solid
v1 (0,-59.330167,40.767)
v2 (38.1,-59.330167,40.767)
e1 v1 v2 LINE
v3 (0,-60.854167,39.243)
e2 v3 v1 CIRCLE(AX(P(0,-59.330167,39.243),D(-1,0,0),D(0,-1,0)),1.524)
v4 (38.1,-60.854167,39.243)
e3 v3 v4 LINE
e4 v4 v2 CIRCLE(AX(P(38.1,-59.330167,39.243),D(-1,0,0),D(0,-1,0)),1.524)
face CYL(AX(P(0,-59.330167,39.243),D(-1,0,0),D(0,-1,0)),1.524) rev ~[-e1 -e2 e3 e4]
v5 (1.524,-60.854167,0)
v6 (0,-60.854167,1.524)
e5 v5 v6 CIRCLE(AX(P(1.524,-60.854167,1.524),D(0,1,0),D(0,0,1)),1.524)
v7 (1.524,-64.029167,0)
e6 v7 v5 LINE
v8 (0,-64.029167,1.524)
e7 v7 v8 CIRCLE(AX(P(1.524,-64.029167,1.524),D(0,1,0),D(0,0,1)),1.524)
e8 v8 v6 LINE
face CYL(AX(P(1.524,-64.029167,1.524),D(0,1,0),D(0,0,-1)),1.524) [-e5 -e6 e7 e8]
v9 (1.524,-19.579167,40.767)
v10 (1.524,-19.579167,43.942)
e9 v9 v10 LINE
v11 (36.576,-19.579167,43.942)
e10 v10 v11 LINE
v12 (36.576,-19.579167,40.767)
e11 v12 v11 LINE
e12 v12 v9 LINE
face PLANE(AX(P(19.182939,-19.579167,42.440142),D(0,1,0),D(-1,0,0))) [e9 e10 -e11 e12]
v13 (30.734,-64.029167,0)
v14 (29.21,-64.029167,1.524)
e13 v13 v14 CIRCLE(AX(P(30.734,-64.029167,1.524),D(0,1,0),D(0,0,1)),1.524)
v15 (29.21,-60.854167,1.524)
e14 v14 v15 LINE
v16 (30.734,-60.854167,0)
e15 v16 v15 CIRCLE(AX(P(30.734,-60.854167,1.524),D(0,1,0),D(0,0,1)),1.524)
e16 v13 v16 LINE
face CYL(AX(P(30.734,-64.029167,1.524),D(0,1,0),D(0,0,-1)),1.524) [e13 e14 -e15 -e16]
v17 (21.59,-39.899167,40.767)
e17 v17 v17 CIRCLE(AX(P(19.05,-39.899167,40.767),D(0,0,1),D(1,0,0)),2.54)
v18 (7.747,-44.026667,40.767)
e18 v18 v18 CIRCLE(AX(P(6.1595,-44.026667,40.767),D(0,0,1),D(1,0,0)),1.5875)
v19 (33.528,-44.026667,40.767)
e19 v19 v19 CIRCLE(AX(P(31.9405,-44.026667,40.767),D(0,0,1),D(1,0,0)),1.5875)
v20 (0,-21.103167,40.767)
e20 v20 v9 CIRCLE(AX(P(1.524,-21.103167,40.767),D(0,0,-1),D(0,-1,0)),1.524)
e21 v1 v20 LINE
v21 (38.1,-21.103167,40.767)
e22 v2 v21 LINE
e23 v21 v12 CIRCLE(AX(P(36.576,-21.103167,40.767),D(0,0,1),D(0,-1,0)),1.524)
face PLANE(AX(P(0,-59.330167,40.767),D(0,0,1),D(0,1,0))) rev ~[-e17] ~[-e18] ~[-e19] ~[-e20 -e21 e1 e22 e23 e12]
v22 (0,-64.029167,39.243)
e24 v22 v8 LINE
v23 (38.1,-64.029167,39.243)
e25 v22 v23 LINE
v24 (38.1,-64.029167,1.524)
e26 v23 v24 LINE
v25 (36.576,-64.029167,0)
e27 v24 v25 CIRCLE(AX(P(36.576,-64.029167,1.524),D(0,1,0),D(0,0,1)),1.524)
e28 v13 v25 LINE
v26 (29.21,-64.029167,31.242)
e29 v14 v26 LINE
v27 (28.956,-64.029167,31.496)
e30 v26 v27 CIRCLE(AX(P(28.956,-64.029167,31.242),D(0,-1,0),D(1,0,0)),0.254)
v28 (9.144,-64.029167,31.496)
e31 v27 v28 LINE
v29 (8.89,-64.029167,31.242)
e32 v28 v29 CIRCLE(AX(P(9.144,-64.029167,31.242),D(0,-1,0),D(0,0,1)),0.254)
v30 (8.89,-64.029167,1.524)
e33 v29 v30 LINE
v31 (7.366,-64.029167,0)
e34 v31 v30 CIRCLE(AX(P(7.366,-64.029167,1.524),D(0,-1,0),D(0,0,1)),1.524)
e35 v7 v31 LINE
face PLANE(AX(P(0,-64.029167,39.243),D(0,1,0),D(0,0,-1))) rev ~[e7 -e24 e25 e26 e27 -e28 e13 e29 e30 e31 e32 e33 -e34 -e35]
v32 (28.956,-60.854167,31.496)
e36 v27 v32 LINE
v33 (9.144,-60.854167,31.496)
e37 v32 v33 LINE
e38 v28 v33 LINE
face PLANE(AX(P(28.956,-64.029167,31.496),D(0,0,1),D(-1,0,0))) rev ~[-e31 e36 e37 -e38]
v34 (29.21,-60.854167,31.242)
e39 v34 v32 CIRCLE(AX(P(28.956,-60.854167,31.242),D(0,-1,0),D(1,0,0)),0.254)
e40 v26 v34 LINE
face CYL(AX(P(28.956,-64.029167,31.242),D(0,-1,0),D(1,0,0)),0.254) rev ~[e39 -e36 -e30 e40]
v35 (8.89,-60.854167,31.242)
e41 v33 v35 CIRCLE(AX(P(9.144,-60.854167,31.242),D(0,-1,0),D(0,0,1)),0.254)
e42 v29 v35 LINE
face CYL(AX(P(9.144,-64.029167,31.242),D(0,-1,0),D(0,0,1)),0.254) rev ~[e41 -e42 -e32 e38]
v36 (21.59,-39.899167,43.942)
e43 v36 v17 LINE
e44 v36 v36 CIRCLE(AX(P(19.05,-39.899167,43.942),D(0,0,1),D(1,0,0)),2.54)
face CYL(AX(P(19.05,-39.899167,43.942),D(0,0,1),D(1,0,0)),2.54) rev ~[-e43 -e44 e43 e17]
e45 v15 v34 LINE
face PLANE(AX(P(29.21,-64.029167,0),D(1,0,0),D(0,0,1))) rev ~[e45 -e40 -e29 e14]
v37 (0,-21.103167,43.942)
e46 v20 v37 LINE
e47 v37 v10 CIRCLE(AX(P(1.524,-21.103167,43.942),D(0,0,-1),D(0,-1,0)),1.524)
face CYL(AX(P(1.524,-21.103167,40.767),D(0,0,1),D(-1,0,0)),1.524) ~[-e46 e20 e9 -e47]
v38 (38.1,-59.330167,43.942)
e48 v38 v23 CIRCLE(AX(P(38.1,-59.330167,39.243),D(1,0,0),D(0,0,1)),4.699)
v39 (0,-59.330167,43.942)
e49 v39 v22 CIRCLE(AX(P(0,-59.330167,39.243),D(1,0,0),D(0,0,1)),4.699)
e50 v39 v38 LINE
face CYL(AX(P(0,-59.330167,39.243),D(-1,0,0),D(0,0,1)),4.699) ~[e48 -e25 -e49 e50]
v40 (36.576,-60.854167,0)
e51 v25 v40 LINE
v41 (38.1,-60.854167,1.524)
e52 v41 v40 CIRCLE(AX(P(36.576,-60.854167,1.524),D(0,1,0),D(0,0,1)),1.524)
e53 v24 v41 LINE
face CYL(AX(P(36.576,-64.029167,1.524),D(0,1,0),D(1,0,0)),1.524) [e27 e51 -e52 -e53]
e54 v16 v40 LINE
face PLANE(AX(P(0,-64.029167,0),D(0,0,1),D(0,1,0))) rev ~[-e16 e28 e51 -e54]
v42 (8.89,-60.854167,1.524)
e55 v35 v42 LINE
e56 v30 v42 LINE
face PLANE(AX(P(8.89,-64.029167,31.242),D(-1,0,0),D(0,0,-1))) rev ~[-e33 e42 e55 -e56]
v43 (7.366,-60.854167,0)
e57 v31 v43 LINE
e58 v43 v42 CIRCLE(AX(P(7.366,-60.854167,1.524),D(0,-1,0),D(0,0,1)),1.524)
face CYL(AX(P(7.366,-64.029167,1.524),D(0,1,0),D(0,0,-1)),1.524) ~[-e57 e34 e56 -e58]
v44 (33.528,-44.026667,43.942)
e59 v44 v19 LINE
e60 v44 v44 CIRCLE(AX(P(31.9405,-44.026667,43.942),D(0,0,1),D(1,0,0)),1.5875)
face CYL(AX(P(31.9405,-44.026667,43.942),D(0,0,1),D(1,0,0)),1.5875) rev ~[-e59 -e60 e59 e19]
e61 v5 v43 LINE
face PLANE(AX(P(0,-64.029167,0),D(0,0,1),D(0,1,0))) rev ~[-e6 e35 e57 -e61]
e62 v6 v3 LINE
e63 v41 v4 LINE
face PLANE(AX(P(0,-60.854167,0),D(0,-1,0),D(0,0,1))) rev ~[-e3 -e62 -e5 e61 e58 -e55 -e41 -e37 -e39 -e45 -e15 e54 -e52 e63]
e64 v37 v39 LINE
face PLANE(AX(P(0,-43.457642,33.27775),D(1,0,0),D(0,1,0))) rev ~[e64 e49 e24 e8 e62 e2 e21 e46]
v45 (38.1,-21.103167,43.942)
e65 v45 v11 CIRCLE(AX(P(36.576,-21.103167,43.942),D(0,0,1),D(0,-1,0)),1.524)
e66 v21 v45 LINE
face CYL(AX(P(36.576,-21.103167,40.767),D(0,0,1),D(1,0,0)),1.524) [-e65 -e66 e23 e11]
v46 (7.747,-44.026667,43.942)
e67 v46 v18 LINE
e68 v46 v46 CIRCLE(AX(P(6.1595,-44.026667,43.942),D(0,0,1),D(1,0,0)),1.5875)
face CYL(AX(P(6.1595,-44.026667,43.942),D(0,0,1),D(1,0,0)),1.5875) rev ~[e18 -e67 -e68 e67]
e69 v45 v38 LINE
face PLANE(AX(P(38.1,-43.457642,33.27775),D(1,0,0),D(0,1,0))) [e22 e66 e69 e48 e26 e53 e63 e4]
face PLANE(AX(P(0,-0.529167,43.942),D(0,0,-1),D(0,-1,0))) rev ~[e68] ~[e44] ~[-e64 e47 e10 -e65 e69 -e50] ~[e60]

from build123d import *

# Parameters (mm, degrees)
F1_DEPTH = 38.1
F3_DEPTH = 3.175
F4_R     = 1.524
F5_R     = 2.54
F5_R_2   = 1.5875
F6_DEPTH = 3.175
F7_W     = 70.9456168115
F7_H     = 45.830719173
F8_DEPTH = 19.05
F9_R     = 1.524


with BuildPart() as f1:
    # F0 (on Right) → F1 (new body)
    with BuildSketch(Plane.YZ):
        with BuildLine():
            Line((-64.0291666667, 0), (-60.8541666667, 0))
            Line((-60.8541666667, 0), (-60.8541666667, 39.243))
            ThreePointArc((-60.8541666667, 39.243), (-60.4077974012, 40.3206307345), (-59.3301666667, 40.767))
            Line((-59.3301666667, 40.767), (-0.5291666667, 40.767))
            Line((-0.5291666667, 40.767), (-0.5291666667, 43.942))
            Line((-0.5291666667, 43.942), (-59.3301666667, 43.942))
            ThreePointArc((-59.3301666667, 43.942), (-62.6528614315, 42.5656947648), (-64.0291666667, 39.243))
            Line((-64.0291666667, 39.243), (-64.0291666667, 0))
        make_face()
    extrude(amount=F1_DEPTH)

    # F2 (on face) → F3 (cut, through all)
    with BuildSketch(Plane.XZ.offset(64.0291666667)):
        with BuildLine():
            Line((8.89, 31.242), (8.89, 0))
            Line((8.89, 0), (29.21, 0))
            Line((29.21, 0), (29.21, 31.242))
            ThreePointArc((29.21, 31.242), (29.1356051224, 31.4216051224), (28.956, 31.496))
            Line((28.956, 31.496), (9.144, 31.496))
            ThreePointArc((9.144, 31.496), (8.9643948776, 31.4216051224), (8.89, 31.242))
        make_face()
    extrude(amount=-F3_DEPTH, mode=Mode.SUBTRACT)

    # F4
    f4_edges = [f1.edges().sort_by_distance(p)[0] for p in [
        (8.89, -62.441667, 0),
        (0, -62.441667, 0),
        (29.21, -62.441667, 0),
        (38.1, -62.441667, 0),
        (38.1, -0.529167, 42.3545),
        (0, -0.529167, 42.3545),
    ]]
    fillet(f4_edges, radius=F4_R)

    # F5 (on face) → F6 (cut, through all)
    with BuildSketch(Plane.XY.offset(43.942)):
        with Locations((19.05, -8.1491666667)):
            Circle(F5_R)
        with Locations((19.05, -39.8991666667)):
            Circle(F5_R)
        with Locations((31.9405, -44.0266666667)):
            Circle(F5_R_2)
        with Locations((6.1595, -44.0266666667)):
            Circle(F5_R_2)
    extrude(amount=-F6_DEPTH, mode=Mode.SUBTRACT)

    # F7 (on face) → F8 (cut)
    with BuildSketch(Plane(origin=(0, -0.5291666667, 0), x_dir=(-1, 0, 0), z_dir=(0, 1, 0))):
        with Locations((-19.1829390824, 42.4401424825)):
            Rectangle(F7_W, F7_H)
    extrude(amount=-F8_DEPTH, mode=Mode.SUBTRACT)

    # F9
    f9_edges = [f1.edges().sort_by_distance(p)[0] for p in [
        (38.1, -19.579167, 42.3545),
        (0, -19.579167, 42.3545),
    ]]
    fillet(f9_edges, radius=F9_R)


solid = f1.part
